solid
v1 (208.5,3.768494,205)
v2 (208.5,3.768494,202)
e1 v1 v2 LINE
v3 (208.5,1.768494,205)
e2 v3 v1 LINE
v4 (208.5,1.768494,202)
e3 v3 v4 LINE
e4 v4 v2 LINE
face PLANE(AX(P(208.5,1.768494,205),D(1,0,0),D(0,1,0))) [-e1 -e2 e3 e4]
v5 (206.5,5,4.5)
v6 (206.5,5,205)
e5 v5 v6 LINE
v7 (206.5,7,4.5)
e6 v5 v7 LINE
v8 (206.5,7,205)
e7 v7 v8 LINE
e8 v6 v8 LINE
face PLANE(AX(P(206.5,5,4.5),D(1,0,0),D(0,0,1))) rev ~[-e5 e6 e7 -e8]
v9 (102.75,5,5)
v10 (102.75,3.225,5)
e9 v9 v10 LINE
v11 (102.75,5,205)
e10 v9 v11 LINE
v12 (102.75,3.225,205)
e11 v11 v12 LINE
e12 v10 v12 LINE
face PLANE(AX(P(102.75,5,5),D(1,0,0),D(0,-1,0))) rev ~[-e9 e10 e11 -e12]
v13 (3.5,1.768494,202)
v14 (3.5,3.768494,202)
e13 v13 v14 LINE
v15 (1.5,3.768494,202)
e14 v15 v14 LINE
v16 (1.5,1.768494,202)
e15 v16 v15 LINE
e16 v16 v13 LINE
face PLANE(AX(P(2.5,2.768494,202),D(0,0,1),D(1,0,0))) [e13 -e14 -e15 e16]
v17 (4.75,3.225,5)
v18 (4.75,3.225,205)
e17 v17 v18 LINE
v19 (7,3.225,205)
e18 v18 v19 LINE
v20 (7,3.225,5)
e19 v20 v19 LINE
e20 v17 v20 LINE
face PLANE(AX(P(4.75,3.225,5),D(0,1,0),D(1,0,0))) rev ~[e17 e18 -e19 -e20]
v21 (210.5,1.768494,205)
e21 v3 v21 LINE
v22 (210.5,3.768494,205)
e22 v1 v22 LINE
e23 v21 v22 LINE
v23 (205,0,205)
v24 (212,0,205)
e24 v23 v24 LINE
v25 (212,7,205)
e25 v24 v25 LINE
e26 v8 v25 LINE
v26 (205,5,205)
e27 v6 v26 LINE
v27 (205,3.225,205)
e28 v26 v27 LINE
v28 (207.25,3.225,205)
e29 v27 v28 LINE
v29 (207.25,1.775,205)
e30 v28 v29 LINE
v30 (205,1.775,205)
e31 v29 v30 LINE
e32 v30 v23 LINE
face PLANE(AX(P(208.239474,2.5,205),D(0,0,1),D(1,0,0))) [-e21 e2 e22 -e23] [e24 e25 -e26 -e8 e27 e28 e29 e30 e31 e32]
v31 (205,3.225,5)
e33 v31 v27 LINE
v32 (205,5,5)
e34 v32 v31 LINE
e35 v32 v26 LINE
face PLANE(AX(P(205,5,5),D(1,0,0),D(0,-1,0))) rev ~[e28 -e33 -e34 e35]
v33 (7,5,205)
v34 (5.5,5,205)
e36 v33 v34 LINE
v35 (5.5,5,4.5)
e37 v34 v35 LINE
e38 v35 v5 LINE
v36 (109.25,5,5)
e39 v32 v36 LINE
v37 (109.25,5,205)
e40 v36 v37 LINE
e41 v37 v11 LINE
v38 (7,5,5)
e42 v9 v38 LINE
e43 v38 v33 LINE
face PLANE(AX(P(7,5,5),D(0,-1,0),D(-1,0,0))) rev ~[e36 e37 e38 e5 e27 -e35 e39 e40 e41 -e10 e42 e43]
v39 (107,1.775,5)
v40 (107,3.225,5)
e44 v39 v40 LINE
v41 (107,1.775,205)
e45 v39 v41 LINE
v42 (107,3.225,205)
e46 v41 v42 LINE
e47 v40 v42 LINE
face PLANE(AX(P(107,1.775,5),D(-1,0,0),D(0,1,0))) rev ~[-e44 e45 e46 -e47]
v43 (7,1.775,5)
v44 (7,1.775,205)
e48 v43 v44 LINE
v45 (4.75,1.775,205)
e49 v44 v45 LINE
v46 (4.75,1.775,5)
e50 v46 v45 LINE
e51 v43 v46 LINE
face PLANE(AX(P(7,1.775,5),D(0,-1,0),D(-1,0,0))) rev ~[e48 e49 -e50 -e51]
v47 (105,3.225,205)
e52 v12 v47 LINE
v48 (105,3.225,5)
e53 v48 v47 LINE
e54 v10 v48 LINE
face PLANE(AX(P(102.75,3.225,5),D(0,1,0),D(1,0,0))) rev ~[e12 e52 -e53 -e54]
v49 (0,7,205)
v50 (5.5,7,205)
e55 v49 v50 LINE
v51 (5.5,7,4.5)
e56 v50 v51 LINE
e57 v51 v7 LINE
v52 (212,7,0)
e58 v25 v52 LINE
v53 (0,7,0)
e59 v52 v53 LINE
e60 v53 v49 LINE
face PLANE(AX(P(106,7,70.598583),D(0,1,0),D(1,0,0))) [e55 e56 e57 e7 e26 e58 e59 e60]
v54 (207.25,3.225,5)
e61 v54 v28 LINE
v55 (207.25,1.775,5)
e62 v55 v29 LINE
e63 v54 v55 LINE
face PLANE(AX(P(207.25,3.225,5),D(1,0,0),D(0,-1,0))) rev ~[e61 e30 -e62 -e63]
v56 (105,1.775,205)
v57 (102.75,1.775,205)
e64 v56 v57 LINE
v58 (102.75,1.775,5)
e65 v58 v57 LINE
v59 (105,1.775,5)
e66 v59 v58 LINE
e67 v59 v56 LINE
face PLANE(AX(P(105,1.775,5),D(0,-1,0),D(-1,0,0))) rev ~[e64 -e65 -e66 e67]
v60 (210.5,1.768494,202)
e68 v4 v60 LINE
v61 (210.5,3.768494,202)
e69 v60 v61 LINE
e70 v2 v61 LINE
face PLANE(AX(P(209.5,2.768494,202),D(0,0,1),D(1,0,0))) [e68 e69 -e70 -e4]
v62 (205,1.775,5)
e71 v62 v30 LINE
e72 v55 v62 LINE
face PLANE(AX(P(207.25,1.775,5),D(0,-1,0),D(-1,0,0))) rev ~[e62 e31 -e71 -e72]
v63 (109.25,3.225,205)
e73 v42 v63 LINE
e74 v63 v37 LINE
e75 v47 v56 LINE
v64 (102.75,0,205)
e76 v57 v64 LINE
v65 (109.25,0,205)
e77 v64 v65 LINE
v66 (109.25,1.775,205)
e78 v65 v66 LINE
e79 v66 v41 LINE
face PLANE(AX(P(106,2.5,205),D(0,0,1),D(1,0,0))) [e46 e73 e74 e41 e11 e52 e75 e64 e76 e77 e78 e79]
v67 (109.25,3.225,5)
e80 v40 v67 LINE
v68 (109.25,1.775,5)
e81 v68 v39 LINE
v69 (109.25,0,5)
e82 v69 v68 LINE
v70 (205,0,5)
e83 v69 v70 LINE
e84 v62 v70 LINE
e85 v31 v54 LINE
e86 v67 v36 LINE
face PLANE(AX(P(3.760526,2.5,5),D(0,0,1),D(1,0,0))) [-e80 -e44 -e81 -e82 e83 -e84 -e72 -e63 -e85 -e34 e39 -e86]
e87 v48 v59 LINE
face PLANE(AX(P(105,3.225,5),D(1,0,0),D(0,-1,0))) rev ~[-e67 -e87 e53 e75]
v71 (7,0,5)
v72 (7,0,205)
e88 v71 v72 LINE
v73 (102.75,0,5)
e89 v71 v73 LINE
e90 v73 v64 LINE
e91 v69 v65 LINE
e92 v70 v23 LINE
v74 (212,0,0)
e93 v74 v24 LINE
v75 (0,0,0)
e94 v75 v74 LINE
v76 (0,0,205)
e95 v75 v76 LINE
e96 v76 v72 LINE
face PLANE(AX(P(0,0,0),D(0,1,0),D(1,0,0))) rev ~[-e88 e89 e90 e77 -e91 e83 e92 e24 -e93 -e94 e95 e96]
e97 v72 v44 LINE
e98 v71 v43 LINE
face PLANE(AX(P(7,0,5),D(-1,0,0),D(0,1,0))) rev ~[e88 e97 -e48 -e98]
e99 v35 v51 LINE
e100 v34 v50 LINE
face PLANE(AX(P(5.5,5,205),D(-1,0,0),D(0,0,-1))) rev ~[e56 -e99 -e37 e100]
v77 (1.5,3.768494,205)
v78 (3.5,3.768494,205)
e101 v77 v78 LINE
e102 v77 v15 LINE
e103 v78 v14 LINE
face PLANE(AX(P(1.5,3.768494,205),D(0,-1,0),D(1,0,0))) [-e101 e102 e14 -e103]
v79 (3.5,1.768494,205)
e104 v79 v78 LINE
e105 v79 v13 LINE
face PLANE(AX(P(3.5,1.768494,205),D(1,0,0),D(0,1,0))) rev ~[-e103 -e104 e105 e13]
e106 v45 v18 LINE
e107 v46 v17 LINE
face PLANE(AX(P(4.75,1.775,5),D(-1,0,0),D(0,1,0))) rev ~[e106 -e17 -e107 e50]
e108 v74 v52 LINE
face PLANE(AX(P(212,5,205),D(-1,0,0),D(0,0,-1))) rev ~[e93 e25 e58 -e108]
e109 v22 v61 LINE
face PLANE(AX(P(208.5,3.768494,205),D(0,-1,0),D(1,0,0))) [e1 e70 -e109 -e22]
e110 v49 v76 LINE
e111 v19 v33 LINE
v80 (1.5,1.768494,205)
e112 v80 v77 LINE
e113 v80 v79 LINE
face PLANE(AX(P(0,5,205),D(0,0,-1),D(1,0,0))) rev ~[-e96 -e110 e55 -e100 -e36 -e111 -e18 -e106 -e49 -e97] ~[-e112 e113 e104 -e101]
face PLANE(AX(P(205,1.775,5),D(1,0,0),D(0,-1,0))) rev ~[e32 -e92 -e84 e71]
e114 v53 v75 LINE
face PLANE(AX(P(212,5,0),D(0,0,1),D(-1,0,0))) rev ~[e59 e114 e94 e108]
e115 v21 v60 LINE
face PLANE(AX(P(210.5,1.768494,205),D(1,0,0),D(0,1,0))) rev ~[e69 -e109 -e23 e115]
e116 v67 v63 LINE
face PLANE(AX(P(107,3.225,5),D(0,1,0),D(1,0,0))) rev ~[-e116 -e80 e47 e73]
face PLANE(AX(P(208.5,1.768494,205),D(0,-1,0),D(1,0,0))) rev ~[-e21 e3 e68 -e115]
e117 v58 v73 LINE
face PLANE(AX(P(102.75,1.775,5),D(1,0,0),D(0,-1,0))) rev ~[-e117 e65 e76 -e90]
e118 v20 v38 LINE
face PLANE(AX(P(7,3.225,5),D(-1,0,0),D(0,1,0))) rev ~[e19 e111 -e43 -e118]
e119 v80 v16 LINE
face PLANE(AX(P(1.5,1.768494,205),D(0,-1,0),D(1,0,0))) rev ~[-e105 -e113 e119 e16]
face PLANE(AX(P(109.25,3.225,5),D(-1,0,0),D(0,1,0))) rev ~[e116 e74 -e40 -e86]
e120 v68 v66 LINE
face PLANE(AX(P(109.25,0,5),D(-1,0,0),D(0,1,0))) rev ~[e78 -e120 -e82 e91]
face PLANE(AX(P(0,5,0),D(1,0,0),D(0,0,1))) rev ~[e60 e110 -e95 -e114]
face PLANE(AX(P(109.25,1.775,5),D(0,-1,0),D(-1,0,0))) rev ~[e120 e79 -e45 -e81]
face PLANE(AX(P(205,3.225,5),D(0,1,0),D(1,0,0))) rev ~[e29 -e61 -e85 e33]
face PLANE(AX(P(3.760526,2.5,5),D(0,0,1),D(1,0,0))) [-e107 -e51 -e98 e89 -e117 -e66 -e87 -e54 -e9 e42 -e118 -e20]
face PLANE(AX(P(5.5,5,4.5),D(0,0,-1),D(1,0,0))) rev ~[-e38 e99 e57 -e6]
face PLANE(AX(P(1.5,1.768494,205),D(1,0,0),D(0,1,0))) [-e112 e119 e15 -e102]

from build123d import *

# Parameters (mm, degrees)
SKETCH1_W           = 2.25
SKETCH1_H           = 1.45
BOSS_EXTRUDE1_DEPTH = 5
BOSS_EXTRUDE2_DEPTH = 200
BOSS_EXTRUDE3_DEPTH = 2
SKETCH4_W           = 2
SKETCH4_H           = 2
CUT_EXTRUDE1_DEPTH  = 3


with BuildPart() as part:
    # Sketch1 → Boss-Extrude1 (new body)
    with BuildSketch(Plane.XY):
        Polygon((0, 0), (7, 0), (7, 1.775), (4.75, 1.775), (4.75, 3.225), (7, 3.225), (7, 5), (0, 5), align=None)
        with Locations((5.875, 2.5)):
            Rectangle(SKETCH1_W, SKETCH1_H)
        Polygon((7, 0), (102.75, 0), (102.75, 1.775), (102.75, 3.225), (102.75, 5), (7, 5), (7, 3.225), (7, 1.775), align=None)
        with Locations((103.875, 2.5)):
            Rectangle(SKETCH1_W, SKETCH1_H)
        Polygon((102.75, 0), (106, 0), (106, 5), (102.75, 5), (102.75, 3.225), (105, 3.225), (105, 1.775), (102.75, 1.775), align=None)
        Polygon((106, 5), (106, 0), (109.25, 0), (109.25, 1.775), (107, 1.775), (107, 3.225), (109.25, 3.225), (109.25, 5), align=None)
        with Locations((108.125, 2.5)):
            Rectangle(SKETCH1_W, SKETCH1_H)
        Polygon((109.25, 1.775), (109.25, 0), (205, 0), (205, 1.775), (205, 3.225), (205, 5), (109.25, 5), (109.25, 3.225), align=None)
        with Locations((206.125, 2.5)):
            Rectangle(SKETCH1_W, SKETCH1_H)
        Polygon((205, 1.775), (205, 0), (212, 0), (212, 5), (205, 5), (205, 3.225), (207.25, 3.225), (207.25, 1.775), align=None)
    extrude(amount=BOSS_EXTRUDE1_DEPTH)

    # Sketch2 → Boss-Extrude2 (add)
    with BuildSketch(Plane.XY.offset(5)):
        Polygon((7, 3.225), (7, 5), (0, 5), (0, 0), (7, 0), (7, 1.775), (4.75, 1.775), (4.75, 3.225), align=None)
        Polygon((109.25, 3.225), (109.25, 5), (102.75, 5), (102.75, 3.225), (105, 3.225), (105, 1.775), (102.75, 1.775), (102.75, 0), (109.25, 0), (109.25, 1.775), (107, 1.775), (107, 3.225), align=None)
        Polygon((205, 5), (205, 3.225), (207.25, 3.225), (207.25, 1.775), (205, 1.775), (205, 0), (212, 0), (212, 5), align=None)
    extrude(amount=BOSS_EXTRUDE2_DEPTH)

    # Sketch3 → Boss-Extrude3 (add)
    with BuildSketch(Plane(origin=(0, 5, 0), x_dir=(1, 0, 0), z_dir=(0, 1, 0))):
        Polygon((5.5, -205), (5.5, -4.5), (206.5, -4.5), (206.5, -205), (212, -205), (212, 0), (0, 0), (0, -205), align=None)
    extrude(amount=BOSS_EXTRUDE3_DEPTH)

    # Sketch4 → Cut-Extrude1 (cut)
    with BuildSketch(Plane.XY.offset(205)):
        with Locations((209.5, 2.76849414)):
            Rectangle(SKETCH4_W, SKETCH4_H)
        with Locations((2.5, 2.76849414)):
            Rectangle(SKETCH4_W, SKETCH4_H)
    extrude(amount=-CUT_EXTRUDE1_DEPTH, mode=Mode.SUBTRACT)


solid = part.part
